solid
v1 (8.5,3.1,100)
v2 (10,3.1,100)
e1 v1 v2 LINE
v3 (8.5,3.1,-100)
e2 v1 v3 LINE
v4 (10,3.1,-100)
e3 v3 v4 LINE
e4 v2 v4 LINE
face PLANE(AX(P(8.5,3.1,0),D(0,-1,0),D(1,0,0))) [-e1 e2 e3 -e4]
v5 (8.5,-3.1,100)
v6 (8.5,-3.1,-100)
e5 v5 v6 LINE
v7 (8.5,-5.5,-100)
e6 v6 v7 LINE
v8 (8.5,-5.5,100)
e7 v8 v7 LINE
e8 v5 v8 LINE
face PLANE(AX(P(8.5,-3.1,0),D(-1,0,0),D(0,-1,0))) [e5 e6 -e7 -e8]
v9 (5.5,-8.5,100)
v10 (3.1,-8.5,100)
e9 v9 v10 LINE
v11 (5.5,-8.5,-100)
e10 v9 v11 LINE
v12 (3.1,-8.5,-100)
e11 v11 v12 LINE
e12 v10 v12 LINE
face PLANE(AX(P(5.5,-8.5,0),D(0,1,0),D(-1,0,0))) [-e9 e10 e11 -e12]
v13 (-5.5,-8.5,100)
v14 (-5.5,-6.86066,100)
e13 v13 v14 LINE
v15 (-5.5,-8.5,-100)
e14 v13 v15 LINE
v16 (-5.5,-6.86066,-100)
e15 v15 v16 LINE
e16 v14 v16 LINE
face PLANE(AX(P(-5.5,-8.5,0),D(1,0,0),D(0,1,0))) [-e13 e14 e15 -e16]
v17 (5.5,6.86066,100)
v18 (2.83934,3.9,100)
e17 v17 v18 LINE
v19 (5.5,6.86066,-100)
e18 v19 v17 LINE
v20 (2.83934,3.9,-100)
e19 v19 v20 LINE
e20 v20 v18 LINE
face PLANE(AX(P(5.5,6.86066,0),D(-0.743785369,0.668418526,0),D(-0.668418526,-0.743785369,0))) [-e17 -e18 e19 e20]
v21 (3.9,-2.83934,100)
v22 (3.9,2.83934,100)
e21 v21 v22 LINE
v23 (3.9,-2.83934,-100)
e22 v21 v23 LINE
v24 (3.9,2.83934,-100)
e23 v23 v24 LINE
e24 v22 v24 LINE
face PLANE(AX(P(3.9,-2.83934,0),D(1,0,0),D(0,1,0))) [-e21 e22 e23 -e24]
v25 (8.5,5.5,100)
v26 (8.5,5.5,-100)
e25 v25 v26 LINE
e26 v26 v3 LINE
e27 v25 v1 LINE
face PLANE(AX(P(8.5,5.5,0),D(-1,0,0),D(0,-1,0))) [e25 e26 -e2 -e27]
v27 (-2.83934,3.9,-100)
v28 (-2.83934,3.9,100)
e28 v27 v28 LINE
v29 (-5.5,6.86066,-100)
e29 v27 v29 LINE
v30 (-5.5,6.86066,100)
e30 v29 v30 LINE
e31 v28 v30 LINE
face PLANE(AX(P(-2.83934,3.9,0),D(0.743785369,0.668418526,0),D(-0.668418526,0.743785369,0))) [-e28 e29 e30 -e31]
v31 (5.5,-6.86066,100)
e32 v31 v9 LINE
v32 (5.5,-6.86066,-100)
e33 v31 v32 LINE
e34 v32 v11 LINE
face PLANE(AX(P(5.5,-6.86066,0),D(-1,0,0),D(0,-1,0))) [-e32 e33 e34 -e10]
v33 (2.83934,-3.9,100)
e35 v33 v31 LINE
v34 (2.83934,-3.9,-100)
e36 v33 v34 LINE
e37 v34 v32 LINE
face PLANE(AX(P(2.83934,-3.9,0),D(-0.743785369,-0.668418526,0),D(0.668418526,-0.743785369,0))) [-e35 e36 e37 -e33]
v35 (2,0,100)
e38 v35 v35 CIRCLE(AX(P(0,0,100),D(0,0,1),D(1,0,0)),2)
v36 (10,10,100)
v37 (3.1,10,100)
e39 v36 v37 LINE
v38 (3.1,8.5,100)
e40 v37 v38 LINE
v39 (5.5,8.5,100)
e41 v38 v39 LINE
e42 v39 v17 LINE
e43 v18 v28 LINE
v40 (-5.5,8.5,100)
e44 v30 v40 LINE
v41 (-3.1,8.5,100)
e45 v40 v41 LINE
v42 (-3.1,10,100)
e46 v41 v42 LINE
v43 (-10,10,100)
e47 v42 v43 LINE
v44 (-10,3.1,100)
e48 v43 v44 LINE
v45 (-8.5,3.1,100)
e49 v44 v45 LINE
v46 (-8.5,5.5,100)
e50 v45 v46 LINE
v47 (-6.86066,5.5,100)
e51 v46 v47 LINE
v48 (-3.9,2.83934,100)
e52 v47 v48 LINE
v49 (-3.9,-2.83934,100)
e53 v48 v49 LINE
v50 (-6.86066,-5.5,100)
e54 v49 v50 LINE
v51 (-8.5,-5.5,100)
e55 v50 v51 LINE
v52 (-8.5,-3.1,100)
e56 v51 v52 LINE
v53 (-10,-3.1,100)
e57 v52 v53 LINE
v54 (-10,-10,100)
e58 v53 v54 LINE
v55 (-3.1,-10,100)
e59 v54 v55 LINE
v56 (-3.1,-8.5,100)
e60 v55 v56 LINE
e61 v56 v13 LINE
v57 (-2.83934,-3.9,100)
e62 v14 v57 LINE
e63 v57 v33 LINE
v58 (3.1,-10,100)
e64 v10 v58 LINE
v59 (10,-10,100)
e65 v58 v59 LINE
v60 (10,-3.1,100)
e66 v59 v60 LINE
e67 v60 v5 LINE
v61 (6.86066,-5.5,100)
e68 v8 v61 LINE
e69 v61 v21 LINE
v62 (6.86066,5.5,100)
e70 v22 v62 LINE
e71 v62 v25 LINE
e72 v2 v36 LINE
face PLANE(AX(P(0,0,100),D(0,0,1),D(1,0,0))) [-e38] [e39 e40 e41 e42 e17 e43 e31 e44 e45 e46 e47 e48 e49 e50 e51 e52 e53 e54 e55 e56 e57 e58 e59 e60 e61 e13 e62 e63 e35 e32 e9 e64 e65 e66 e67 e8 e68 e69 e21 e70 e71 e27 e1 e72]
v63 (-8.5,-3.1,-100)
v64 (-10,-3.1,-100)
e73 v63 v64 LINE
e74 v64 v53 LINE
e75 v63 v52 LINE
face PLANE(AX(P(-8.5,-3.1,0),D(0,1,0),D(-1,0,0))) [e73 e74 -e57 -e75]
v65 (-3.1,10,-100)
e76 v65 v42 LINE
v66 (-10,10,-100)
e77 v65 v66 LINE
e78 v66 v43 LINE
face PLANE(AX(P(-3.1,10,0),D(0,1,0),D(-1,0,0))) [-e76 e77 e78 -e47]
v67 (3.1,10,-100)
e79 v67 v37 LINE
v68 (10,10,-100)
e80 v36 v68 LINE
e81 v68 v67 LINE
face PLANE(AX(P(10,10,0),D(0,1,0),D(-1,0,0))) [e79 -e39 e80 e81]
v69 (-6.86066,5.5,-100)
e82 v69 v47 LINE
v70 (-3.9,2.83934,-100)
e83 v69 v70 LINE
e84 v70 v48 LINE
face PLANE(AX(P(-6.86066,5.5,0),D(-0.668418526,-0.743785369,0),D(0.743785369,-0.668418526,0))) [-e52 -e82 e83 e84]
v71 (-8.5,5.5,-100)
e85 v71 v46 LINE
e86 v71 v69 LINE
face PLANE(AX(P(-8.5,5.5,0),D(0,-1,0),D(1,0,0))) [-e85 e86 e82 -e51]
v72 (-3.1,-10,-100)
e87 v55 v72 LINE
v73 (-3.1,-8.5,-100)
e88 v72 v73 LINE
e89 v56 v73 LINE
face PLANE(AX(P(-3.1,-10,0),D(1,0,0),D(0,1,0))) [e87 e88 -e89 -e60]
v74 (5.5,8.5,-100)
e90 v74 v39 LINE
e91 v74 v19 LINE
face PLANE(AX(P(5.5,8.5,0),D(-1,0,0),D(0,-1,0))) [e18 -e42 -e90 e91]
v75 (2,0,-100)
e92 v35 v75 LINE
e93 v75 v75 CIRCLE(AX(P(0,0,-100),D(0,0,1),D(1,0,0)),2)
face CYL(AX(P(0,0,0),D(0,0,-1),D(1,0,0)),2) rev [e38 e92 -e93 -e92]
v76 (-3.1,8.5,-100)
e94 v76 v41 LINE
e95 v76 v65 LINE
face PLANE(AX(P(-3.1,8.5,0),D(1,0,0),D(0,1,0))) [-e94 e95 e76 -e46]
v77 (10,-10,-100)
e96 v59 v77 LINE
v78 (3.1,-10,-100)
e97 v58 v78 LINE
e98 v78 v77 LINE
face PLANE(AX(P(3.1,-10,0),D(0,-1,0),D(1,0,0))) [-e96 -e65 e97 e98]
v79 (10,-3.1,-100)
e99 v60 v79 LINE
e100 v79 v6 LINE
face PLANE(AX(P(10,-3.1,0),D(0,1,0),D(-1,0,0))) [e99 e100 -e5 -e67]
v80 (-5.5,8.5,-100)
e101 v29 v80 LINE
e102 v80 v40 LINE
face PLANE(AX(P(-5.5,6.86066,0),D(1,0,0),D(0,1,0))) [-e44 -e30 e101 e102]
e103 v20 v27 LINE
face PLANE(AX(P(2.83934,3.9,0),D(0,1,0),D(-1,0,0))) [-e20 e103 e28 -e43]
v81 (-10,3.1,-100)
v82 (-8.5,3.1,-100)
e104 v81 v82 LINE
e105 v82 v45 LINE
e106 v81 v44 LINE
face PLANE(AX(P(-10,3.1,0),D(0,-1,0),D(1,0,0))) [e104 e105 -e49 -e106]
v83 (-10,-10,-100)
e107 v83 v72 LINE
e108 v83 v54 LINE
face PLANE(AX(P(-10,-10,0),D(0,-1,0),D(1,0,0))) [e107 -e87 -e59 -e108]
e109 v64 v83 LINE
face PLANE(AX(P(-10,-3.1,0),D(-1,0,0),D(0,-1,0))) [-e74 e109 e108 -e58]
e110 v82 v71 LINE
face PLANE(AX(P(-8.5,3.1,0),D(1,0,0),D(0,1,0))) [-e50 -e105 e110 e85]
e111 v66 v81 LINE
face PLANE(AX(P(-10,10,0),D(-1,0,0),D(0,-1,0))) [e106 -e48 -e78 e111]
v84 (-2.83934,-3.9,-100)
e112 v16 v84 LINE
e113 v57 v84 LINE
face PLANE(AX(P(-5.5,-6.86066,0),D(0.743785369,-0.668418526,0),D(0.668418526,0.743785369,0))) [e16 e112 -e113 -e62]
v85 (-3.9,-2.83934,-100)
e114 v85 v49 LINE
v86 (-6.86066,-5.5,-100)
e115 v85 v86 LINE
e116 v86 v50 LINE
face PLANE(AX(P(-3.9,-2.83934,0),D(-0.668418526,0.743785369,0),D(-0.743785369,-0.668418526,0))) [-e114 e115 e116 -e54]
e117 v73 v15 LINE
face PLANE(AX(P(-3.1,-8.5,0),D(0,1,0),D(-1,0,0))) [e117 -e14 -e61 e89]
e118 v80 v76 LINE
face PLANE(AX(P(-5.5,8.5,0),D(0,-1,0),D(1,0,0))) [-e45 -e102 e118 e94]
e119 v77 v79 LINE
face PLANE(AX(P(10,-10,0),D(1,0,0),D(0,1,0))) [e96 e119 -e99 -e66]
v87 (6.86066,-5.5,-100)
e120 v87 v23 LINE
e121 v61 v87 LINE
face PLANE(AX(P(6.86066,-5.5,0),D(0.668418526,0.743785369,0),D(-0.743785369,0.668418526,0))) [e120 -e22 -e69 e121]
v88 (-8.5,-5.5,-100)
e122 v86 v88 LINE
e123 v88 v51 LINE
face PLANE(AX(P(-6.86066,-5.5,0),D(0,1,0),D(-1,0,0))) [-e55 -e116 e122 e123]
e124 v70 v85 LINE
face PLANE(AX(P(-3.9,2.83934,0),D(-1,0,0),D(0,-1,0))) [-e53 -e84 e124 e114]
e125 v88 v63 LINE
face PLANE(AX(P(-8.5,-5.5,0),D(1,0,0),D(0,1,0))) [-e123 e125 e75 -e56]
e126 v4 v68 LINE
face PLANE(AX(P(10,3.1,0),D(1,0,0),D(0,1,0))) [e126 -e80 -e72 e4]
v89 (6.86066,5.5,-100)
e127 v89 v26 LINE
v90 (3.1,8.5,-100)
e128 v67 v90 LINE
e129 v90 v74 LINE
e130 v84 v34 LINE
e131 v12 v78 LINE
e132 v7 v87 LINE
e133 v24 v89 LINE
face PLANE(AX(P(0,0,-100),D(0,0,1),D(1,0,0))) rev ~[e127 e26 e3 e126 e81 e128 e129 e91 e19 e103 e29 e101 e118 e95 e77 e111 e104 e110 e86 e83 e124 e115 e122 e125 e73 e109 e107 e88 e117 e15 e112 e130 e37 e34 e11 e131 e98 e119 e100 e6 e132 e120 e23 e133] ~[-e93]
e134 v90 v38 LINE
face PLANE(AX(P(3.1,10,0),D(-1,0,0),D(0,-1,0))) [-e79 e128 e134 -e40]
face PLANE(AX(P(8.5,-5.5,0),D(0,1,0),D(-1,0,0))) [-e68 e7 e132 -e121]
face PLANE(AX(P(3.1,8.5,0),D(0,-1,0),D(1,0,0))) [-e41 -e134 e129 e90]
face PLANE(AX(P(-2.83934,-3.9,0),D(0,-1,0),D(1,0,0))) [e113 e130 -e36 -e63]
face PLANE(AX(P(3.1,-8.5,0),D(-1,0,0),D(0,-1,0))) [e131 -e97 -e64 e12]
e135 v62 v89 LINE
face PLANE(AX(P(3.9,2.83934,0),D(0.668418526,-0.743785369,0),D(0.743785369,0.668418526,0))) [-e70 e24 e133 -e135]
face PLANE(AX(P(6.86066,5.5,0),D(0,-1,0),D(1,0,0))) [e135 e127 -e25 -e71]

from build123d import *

# Parameters (mm, degrees)
SKETCH1_R           = 2
BOSS_EXTRUDE1_DEPTH = 100


with BuildPart() as part:
    # Sketch1 → Boss-Extrude1 (new, symmetric)
    with BuildSketch(Plane.XY):
        Polygon((10, 4.610379336), (10, 10), (4.610379336, 10), (3.1, 10), (3.1, 8.5), (5.5, 8.5), (5.5, 6.860660172), (2.839339828, 3.9), (0.519615242, 3.9), (-0.519615242, 3.9), (-2.839339828, 3.9), (-5.5, 6.860660172), (-5.5, 8.5), (-3.1, 8.5), (-3.1, 10), (-4.610379336, 10), (-10, 10), (-10, 4.610379336), (-10, 3.1), (-8.5, 3.1), (-8.5, 5.5), (-6.860660172, 5.5), (-3.9, 2.839339828), (-3.9, 0.519615242), (-3.9, -0.519615242), (-3.9, -2.839339828), (-6.860660172, -5.5), (-8.5, -5.5), (-8.5, -3.1), (-10, -3.1), (-10, -4.610379336), (-10, -10), (-4.610379336, -10), (-3.1, -10), (-3.1, -8.5), (-5.5, -8.5), (-5.5, -6.860660172), (-2.839339828, -3.9), (-0.519615242, -3.9), (0.519615242, -3.9), (2.839339828, -3.9), (5.5, -6.860660172), (5.5, -8.5), (3.1, -8.5), (3.1, -10), (4.610379336, -10), (10, -10), (10, -4.610379336), (10, -3.1), (8.5, -3.1), (8.5, -5.5), (6.860660172, -5.5), (3.9, -2.839339828), (3.9, -0.519615242), (3.9, 0.519615242), (3.9, 2.839339828), (6.860660172, 5.5), (8.5, 5.5), (8.5, 3.1), (10, 3.1), align=None)
        Circle(SKETCH1_R, mode=Mode.SUBTRACT)
    extrude(amount=BOSS_EXTRUDE1_DEPTH, both=True)


solid = part.part
